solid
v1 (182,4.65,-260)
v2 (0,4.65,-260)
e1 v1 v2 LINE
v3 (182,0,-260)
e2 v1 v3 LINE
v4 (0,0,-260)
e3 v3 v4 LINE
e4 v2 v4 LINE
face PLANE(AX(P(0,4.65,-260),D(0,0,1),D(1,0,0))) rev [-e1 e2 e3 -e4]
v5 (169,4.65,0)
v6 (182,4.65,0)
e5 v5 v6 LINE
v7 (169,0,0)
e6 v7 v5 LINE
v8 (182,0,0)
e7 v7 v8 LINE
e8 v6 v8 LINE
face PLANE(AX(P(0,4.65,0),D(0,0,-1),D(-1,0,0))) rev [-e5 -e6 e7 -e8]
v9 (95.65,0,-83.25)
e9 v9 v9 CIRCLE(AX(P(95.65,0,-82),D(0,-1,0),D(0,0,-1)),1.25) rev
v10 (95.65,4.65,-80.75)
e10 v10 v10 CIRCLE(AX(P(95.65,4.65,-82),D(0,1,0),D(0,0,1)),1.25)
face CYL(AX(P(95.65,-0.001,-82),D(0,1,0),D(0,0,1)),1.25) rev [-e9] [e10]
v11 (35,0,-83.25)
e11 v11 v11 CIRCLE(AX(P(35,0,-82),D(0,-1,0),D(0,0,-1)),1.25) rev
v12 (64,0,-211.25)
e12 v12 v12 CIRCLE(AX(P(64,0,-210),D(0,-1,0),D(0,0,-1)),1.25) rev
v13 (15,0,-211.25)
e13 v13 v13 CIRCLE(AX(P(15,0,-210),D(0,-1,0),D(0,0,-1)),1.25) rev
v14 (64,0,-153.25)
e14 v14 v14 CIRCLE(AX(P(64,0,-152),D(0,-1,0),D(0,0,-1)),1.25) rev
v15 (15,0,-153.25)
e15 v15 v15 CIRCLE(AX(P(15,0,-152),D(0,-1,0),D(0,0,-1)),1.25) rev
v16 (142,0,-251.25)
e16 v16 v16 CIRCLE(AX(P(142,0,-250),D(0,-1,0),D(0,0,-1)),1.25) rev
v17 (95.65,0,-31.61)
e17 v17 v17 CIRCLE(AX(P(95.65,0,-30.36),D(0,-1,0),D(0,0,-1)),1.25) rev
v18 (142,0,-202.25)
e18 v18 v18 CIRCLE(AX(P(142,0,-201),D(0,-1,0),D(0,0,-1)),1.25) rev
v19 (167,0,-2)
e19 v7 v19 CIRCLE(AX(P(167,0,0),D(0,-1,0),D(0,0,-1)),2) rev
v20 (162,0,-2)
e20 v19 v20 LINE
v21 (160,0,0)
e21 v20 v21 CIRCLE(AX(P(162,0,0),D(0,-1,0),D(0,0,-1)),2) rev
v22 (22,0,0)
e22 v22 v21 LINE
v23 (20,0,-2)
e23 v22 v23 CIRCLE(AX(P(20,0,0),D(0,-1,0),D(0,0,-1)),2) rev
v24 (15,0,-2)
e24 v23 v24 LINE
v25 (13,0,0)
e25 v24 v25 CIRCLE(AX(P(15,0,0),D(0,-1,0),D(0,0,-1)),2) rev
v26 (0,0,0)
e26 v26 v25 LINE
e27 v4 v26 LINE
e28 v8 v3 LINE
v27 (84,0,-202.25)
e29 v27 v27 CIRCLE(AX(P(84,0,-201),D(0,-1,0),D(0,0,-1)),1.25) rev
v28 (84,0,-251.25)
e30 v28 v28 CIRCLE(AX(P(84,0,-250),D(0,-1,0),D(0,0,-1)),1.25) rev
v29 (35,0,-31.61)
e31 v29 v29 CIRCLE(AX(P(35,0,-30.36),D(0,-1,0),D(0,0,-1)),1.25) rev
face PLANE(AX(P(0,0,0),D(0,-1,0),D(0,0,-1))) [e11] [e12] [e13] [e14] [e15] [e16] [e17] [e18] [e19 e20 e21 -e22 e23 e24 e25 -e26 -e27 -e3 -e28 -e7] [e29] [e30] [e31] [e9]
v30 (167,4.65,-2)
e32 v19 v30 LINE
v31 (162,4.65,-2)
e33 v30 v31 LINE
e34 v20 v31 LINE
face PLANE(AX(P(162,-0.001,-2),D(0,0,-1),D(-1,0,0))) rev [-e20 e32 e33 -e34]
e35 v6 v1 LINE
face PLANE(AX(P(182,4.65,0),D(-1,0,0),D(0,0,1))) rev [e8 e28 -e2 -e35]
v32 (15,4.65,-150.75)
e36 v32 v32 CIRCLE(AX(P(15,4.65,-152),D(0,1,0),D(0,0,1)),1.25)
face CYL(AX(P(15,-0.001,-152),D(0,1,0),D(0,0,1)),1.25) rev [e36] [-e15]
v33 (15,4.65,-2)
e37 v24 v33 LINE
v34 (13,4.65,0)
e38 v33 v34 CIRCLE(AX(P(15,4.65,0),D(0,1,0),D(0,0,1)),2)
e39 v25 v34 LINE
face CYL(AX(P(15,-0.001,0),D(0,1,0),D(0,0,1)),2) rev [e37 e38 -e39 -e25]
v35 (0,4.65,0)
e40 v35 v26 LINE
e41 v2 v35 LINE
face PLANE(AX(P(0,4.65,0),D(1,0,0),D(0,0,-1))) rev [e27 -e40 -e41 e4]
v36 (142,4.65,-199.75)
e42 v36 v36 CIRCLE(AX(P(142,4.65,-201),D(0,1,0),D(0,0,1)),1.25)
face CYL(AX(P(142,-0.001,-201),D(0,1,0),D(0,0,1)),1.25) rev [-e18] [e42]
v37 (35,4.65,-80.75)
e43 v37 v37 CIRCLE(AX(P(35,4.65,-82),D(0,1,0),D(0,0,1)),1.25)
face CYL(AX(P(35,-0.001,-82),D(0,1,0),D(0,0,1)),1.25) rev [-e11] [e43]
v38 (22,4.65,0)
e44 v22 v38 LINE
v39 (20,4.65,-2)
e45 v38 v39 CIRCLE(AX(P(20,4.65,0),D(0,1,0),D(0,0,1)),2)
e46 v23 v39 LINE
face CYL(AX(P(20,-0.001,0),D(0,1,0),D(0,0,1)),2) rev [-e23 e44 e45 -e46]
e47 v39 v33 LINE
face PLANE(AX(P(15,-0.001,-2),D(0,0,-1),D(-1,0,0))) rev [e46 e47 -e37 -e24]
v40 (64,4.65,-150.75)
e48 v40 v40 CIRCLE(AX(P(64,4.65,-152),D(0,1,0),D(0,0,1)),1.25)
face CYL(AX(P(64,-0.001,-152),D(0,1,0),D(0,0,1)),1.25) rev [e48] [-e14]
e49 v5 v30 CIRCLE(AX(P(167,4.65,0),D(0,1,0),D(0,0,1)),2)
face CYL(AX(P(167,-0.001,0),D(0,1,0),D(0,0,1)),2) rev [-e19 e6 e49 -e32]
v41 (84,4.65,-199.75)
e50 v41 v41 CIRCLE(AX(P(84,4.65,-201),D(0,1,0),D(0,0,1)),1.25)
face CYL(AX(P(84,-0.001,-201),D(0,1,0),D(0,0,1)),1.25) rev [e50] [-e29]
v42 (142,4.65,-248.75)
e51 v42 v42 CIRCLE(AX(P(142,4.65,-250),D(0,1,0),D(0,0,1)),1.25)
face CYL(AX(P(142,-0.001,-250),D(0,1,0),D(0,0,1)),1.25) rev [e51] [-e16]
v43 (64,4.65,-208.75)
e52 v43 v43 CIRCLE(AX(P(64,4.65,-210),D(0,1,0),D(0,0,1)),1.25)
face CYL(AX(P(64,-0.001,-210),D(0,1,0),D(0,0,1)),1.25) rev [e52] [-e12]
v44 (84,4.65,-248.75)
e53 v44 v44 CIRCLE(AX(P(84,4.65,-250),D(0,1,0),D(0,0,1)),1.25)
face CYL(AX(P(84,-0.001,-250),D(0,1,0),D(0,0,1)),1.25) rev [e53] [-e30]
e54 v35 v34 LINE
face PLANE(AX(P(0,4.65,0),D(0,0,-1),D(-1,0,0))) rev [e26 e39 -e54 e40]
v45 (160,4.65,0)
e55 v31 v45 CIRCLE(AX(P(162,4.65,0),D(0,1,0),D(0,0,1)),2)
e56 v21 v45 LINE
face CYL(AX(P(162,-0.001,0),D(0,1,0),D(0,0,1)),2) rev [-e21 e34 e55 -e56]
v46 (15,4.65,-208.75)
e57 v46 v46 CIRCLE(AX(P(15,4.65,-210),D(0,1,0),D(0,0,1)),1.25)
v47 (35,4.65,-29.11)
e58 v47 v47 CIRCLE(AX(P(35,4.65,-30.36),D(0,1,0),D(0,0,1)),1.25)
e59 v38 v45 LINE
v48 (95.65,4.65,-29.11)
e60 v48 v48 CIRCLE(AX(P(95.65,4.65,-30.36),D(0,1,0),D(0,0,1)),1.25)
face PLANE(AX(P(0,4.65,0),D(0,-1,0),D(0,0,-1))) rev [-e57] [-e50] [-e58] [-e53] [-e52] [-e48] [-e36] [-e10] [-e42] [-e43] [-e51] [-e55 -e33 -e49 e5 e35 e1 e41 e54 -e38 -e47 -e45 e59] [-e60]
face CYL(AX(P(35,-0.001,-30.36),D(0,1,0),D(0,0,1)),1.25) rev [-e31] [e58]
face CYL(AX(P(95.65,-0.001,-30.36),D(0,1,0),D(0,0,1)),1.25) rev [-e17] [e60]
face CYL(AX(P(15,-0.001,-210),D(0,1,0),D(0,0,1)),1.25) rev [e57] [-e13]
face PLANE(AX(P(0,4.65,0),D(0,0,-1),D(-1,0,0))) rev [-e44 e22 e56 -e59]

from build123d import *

# Parameters (mm, degrees)
SKETCH_1_W          = 182
SKETCH_1_H          = 260
EXTRUDE_1_DEPTH     = 4.65
CUT_EXTRUDE_1_REACH = 319.405
PCB_REACH           = 319.405
SKETCH_3_R          = 1.25


with BuildPart() as part:
    # 草图1 → 凸台-拉伸1 (new body)
    with BuildSketch(Plane(origin=(0, 0, 0), x_dir=(1, 0, 0), z_dir=(0, 1, 0))):
        with Locations((91, 130)):
            Rectangle(SKETCH_1_W, SKETCH_1_H)
    extrude(amount=EXTRUDE_1_DEPTH)

    # 草图2 → 切除-拉伸1 (cut, up to next)
    with BuildSketch(Plane(origin=(0, 4.65, 0), x_dir=(1, 0, 0), z_dir=(0, 1, 0)), mode=Mode.PRIVATE) as cut_extrude_1_sk1:
        with BuildLine():
            Line((15, 2), (20, 2))
            ThreePointArc((20, 2), (21.414213562, 1.414213562), (22, 0))
            Line((22, 0), (13, 0))
            ThreePointArc((13, 0), (13.585786438, 1.414213562), (15, 2))
        make_face()
    cut_extrude_1_tool1 = extrude(cut_extrude_1_sk1.sketch, amount=-CUT_EXTRUDE_1_REACH, mode=Mode.PRIVATE) & part.part
    # 草图2 → 切除-拉伸1 (cut, up to next)
    with BuildSketch(Plane(origin=(0, 4.65, 0), x_dir=(1, 0, 0), z_dir=(0, 1, 0)), mode=Mode.PRIVATE) as cut_extrude_1_sk2:
        with BuildLine():
            Line((162, 2), (167, 2))
            ThreePointArc((167, 2), (168.414213562, 1.414213562), (169, 0))
            Line((169, 0), (160, 0))
            ThreePointArc((160, 0), (160.585786438, 1.414213562), (162, 2))
        make_face()
    cut_extrude_1_tool2 = extrude(cut_extrude_1_sk2.sketch, amount=-CUT_EXTRUDE_1_REACH, mode=Mode.PRIVATE) & part.part
    add(cut_extrude_1_tool1.solids().sort_by_distance((17.5, 4.65, -0.941667))[0], mode=Mode.SUBTRACT)
    add(cut_extrude_1_tool2.solids().sort_by_distance((164.5, 4.65, -0.941667))[0], mode=Mode.SUBTRACT)

    # 草图3 → pcb (cut, up to next)
    with BuildSketch(Plane(origin=(0, 4.65, 0), x_dir=(1, 0, 0), z_dir=(0, 1, 0)), mode=Mode.PRIVATE) as pcb_sk1:
        with Locations(Location((35, 30.36, 0), (0, 0, 270))):
            Circle(SKETCH_3_R)
    pcb_tool1 = extrude(pcb_sk1.sketch, amount=-PCB_REACH, mode=Mode.PRIVATE) & part.part
    # 草图3 → pcb (cut, up to next)
    with BuildSketch(Plane(origin=(0, 4.65, 0), x_dir=(1, 0, 0), z_dir=(0, 1, 0)), mode=Mode.PRIVATE) as pcb_sk2:
        with Locations(Location((95.65, 30.36, 0), (0, 0, 270))):
            Circle(SKETCH_3_R)
    pcb_tool2 = extrude(pcb_sk2.sketch, amount=-PCB_REACH, mode=Mode.PRIVATE) & part.part
    # 草图3 → pcb (cut, up to next)
    with BuildSketch(Plane(origin=(0, 4.65, 0), x_dir=(1, 0, 0), z_dir=(0, 1, 0)), mode=Mode.PRIVATE) as pcb_sk3:
        with Locations(Location((35, 82, 0), (0, 0, 270))):
            Circle(SKETCH_3_R)
    pcb_tool3 = extrude(pcb_sk3.sketch, amount=-PCB_REACH, mode=Mode.PRIVATE) & part.part
    # 草图3 → pcb (cut, up to next)
    with BuildSketch(Plane(origin=(0, 4.65, 0), x_dir=(1, 0, 0), z_dir=(0, 1, 0)), mode=Mode.PRIVATE) as pcb_sk4:
        with Locations(Location((95.65, 82, 0), (0, 0, 270))):
            Circle(SKETCH_3_R)
    pcb_tool4 = extrude(pcb_sk4.sketch, amount=-PCB_REACH, mode=Mode.PRIVATE) & part.part
    # 草图3 → pcb (cut, up to next)
    with BuildSketch(Plane(origin=(0, 4.65, 0), x_dir=(1, 0, 0), z_dir=(0, 1, 0)), mode=Mode.PRIVATE) as pcb_sk5:
        with Locations(Location((15, 210, 0), (0, 0, 270))):
            Circle(SKETCH_3_R)
    pcb_tool5 = extrude(pcb_sk5.sketch, amount=-PCB_REACH, mode=Mode.PRIVATE) & part.part
    # 草图3 → pcb (cut, up to next)
    with BuildSketch(Plane(origin=(0, 4.65, 0), x_dir=(1, 0, 0), z_dir=(0, 1, 0)), mode=Mode.PRIVATE) as pcb_sk6:
        with Locations(Location((64, 210, 0), (0, 0, 270))):
            Circle(SKETCH_3_R)
    pcb_tool6 = extrude(pcb_sk6.sketch, amount=-PCB_REACH, mode=Mode.PRIVATE) & part.part
    # 草图3 → pcb (cut, up to next)
    with BuildSketch(Plane(origin=(0, 4.65, 0), x_dir=(1, 0, 0), z_dir=(0, 1, 0)), mode=Mode.PRIVATE) as pcb_sk7:
        with Locations(Location((64, 152, 0), (0, 0, 270))):
            Circle(SKETCH_3_R)
    pcb_tool7 = extrude(pcb_sk7.sketch, amount=-PCB_REACH, mode=Mode.PRIVATE) & part.part
    # 草图3 → pcb (cut, up to next)
    with BuildSketch(Plane(origin=(0, 4.65, 0), x_dir=(1, 0, 0), z_dir=(0, 1, 0)), mode=Mode.PRIVATE) as pcb_sk8:
        with Locations(Location((15, 152, 0), (0, 0, 270))):
            Circle(SKETCH_3_R)
    pcb_tool8 = extrude(pcb_sk8.sketch, amount=-PCB_REACH, mode=Mode.PRIVATE) & part.part
    # 草图3 → pcb (cut, up to next)
    with BuildSketch(Plane(origin=(0, 4.65, 0), x_dir=(1, 0, 0), z_dir=(0, 1, 0)), mode=Mode.PRIVATE) as pcb_sk9:
        with Locations(Location((84, 250, 0), (0, 0, 270))):
            Circle(SKETCH_3_R)
    pcb_tool9 = extrude(pcb_sk9.sketch, amount=-PCB_REACH, mode=Mode.PRIVATE) & part.part
    # 草图3 → pcb (cut, up to next)
    with BuildSketch(Plane(origin=(0, 4.65, 0), x_dir=(1, 0, 0), z_dir=(0, 1, 0)), mode=Mode.PRIVATE) as pcb_sk10:
        with Locations(Location((142, 250, 0), (0, 0, 270))):
            Circle(SKETCH_3_R)
    pcb_tool10 = extrude(pcb_sk10.sketch, amount=-PCB_REACH, mode=Mode.PRIVATE) & part.part
    # 草图3 → pcb (cut, up to next)
    with BuildSketch(Plane(origin=(0, 4.65, 0), x_dir=(1, 0, 0), z_dir=(0, 1, 0)), mode=Mode.PRIVATE) as pcb_sk11:
        with Locations(Location((84, 201, 0), (0, 0, 270))):
            Circle(SKETCH_3_R)
    pcb_tool11 = extrude(pcb_sk11.sketch, amount=-PCB_REACH, mode=Mode.PRIVATE) & part.part
    # 草图3 → pcb (cut, up to next)
    with BuildSketch(Plane(origin=(0, 4.65, 0), x_dir=(1, 0, 0), z_dir=(0, 1, 0)), mode=Mode.PRIVATE) as pcb_sk12:
        with Locations(Location((142, 201, 0), (0, 0, 270))):
            Circle(SKETCH_3_R)
    pcb_tool12 = extrude(pcb_sk12.sketch, amount=-PCB_REACH, mode=Mode.PRIVATE) & part.part
    add(pcb_tool1.solids().sort_by_distance((35, 4.65, -30.36))[0], mode=Mode.SUBTRACT)
    add(pcb_tool2.solids().sort_by_distance((95.65, 4.65, -30.36))[0], mode=Mode.SUBTRACT)
    add(pcb_tool3.solids().sort_by_distance((35, 4.65, -82))[0], mode=Mode.SUBTRACT)
    add(pcb_tool4.solids().sort_by_distance((95.65, 4.65, -82))[0], mode=Mode.SUBTRACT)
    add(pcb_tool5.solids().sort_by_distance((15, 4.65, -210))[0], mode=Mode.SUBTRACT)
    add(pcb_tool6.solids().sort_by_distance((64, 4.65, -210))[0], mode=Mode.SUBTRACT)
    add(pcb_tool7.solids().sort_by_distance((64, 4.65, -152))[0], mode=Mode.SUBTRACT)
    add(pcb_tool8.solids().sort_by_distance((15, 4.65, -152))[0], mode=Mode.SUBTRACT)
    add(pcb_tool9.solids().sort_by_distance((84, 4.65, -250))[0], mode=Mode.SUBTRACT)
    add(pcb_tool10.solids().sort_by_distance((142, 4.65, -250))[0], mode=Mode.SUBTRACT)
    add(pcb_tool11.solids().sort_by_distance((84, 4.65, -201))[0], mode=Mode.SUBTRACT)
    add(pcb_tool12.solids().sort_by_distance((142, 4.65, -201))[0], mode=Mode.SUBTRACT)


solid = part.part
